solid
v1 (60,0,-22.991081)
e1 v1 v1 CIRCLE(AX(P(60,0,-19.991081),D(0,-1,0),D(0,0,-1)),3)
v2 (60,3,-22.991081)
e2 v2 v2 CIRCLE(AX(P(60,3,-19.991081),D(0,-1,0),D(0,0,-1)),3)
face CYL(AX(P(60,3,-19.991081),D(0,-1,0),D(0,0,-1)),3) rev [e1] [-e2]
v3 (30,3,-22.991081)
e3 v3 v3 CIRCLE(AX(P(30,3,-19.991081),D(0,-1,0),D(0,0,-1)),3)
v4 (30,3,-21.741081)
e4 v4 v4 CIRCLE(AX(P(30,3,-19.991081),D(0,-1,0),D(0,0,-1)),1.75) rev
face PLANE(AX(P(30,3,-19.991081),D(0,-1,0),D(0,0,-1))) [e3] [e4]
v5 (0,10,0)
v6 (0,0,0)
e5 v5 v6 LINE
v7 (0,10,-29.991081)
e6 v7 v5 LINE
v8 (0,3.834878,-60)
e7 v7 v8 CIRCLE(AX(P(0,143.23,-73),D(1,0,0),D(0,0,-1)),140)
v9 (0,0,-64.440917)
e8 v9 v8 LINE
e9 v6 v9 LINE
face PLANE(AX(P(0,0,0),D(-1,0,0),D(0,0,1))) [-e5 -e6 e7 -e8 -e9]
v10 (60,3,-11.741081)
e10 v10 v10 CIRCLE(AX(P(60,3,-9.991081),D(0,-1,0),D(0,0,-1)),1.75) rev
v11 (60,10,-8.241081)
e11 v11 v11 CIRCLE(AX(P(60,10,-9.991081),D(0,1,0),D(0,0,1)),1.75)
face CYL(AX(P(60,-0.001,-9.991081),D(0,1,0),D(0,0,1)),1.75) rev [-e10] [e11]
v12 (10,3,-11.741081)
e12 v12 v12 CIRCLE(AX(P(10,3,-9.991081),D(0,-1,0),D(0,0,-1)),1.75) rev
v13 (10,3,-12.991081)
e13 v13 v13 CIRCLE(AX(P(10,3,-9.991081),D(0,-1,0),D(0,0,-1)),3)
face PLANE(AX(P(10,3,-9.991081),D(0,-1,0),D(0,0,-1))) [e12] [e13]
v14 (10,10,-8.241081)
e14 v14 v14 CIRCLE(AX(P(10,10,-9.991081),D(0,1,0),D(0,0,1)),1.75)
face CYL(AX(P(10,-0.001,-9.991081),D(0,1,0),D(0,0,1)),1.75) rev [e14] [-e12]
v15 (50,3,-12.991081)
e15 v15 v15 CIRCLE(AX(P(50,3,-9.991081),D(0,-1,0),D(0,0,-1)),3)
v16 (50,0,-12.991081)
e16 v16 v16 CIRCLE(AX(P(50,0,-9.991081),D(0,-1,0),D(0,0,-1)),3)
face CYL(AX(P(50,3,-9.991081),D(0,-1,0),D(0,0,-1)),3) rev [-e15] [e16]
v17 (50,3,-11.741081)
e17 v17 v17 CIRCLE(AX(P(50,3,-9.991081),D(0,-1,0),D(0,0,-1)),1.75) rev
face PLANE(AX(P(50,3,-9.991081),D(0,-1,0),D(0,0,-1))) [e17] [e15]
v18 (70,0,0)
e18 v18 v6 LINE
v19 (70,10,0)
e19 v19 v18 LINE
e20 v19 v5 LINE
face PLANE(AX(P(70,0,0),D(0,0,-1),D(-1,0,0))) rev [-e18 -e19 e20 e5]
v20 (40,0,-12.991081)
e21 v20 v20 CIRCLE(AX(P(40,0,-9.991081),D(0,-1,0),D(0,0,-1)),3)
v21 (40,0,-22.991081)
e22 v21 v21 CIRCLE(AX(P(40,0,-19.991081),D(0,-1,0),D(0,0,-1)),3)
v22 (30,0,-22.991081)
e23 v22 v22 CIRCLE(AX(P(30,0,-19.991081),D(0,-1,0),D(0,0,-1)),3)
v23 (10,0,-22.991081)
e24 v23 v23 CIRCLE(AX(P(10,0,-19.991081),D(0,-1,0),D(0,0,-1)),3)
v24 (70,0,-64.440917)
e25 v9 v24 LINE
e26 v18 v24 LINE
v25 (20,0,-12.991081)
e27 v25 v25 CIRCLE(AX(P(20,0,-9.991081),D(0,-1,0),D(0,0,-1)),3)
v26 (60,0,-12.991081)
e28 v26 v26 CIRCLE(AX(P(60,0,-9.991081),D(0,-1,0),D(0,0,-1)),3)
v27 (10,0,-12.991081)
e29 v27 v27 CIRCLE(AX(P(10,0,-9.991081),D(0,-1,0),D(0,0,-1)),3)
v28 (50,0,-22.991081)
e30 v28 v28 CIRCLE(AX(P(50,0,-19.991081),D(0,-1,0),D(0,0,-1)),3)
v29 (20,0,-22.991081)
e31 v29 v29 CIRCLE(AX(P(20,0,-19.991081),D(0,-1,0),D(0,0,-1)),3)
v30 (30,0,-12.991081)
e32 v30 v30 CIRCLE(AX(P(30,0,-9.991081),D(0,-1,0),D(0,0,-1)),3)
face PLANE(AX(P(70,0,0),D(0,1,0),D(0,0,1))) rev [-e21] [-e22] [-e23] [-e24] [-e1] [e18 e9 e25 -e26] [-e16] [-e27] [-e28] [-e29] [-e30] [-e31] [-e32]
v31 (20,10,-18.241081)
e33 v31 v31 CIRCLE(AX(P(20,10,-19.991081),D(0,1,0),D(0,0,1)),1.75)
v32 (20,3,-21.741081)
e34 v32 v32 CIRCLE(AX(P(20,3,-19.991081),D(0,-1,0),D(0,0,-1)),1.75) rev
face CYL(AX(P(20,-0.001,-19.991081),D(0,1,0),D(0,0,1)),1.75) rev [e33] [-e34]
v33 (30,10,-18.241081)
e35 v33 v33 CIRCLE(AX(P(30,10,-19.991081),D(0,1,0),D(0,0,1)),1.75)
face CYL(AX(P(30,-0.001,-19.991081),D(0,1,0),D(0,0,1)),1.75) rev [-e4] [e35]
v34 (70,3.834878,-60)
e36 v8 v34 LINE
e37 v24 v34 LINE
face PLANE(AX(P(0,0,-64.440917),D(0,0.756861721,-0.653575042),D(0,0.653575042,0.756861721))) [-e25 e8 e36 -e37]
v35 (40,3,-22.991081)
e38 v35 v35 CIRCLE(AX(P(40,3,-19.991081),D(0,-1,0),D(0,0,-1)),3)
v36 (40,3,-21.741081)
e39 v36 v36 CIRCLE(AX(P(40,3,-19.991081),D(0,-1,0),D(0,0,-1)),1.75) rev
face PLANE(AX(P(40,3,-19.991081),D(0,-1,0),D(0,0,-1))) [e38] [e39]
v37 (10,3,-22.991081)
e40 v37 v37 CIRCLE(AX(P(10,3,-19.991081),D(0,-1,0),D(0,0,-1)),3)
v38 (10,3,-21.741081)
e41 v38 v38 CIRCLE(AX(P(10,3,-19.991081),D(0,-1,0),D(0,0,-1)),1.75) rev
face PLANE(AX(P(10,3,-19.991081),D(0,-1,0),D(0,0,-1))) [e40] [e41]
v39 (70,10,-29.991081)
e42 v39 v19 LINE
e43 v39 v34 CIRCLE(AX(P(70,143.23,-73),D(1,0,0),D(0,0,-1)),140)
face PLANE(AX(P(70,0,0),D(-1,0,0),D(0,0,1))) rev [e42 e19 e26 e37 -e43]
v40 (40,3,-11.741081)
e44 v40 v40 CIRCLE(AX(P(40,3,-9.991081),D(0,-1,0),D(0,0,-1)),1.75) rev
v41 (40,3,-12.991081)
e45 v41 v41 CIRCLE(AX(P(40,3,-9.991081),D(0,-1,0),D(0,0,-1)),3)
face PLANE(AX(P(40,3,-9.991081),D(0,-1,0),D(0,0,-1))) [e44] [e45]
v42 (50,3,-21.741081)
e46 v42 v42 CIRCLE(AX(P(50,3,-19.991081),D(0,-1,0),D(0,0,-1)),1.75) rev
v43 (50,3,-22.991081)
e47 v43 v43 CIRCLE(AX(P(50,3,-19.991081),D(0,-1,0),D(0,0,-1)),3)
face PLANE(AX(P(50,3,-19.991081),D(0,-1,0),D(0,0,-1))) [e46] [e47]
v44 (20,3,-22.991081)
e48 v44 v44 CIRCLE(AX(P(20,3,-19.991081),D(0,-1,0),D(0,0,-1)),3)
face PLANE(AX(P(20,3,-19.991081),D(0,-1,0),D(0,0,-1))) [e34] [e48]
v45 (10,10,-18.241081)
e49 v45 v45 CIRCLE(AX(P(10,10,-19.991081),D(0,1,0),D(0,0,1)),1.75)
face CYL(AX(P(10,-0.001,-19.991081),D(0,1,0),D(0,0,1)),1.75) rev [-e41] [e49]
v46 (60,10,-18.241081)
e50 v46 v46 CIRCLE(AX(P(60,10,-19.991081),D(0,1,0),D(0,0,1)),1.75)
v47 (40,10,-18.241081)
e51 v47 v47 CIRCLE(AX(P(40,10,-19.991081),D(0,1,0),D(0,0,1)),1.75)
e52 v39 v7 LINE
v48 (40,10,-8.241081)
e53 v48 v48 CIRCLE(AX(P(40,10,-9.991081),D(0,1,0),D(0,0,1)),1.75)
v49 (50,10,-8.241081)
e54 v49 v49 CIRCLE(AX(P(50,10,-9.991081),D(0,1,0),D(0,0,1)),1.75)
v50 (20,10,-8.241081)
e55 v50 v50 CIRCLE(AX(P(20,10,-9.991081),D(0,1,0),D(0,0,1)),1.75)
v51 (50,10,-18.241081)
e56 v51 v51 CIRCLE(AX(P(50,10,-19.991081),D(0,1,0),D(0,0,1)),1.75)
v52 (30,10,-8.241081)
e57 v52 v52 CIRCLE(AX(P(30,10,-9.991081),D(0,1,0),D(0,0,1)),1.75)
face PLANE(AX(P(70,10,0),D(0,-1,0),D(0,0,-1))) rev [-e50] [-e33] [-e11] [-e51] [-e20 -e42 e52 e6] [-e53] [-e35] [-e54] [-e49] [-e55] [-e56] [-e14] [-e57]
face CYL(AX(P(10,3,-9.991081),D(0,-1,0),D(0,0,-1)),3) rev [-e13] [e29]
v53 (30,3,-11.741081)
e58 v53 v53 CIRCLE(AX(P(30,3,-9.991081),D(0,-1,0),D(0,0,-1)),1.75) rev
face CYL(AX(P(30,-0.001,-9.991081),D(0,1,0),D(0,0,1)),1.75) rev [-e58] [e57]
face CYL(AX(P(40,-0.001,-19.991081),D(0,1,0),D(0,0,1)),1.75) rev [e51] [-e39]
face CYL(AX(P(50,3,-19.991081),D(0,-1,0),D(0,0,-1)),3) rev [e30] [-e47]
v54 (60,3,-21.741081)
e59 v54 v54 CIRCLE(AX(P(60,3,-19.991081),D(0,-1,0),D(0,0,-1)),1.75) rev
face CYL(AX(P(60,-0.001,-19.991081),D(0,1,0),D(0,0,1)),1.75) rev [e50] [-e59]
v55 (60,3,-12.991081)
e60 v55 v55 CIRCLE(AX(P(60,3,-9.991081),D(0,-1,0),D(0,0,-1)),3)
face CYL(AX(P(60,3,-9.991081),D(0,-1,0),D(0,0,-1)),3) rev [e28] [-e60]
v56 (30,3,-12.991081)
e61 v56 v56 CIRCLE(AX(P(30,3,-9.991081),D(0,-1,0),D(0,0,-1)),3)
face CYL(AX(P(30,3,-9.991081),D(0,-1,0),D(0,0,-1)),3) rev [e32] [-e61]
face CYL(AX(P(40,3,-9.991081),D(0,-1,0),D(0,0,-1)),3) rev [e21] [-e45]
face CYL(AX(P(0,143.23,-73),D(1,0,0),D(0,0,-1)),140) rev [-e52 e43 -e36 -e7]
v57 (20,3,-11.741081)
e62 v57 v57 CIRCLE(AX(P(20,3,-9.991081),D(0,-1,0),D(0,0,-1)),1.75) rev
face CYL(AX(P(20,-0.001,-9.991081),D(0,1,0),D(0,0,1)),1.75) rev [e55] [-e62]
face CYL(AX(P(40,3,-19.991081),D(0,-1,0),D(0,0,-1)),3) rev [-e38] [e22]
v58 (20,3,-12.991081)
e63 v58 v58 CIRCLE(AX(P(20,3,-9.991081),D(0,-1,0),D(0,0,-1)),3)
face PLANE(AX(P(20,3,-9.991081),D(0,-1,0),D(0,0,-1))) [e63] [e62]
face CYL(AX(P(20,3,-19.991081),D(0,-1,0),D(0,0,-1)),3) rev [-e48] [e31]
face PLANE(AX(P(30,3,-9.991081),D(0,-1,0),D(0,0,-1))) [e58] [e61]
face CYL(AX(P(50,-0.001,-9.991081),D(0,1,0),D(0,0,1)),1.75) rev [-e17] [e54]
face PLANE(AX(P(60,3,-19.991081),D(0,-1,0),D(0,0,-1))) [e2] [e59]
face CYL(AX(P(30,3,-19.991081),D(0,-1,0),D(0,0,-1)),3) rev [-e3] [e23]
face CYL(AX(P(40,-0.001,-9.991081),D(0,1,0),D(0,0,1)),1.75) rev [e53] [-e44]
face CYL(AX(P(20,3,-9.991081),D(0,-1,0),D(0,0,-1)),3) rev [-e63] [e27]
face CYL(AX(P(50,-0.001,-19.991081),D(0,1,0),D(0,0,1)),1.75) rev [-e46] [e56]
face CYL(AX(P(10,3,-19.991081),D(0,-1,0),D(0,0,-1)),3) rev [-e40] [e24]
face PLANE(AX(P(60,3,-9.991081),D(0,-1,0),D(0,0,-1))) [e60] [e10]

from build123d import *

# Parameters (mm, degrees)
SKETCH2_W           = 60
SKETCH2_H           = 10
BOSS_EXTRUDE1_DEPTH = 70
SKETCH3_R           = 140
CUT_EXTRUDE1_DEPTH  = 70
BOSS_EXTRUDE2_DEPTH = 70
CUT_EXTRUDE2_REACH  = 97.669
SKETCH6_R           = 1.75
SKETCH8_R           = 3
CUT_EXTRUDE3_DEPTH  = 3


with BuildPart() as part:
    # Sketch2 → Boss-Extrude1 (new body)
    with BuildSketch(Plane(origin=(0, 0, 0), x_dir=(0, 0, -1), z_dir=(1, 0, 0))):
        with Locations((30, 5)):
            Rectangle(SKETCH2_W, SKETCH2_H)
    extrude(amount=BOSS_EXTRUDE1_DEPTH)

    # Sketch3 → Cut-Extrude1 (cut)
    with BuildSketch(Plane(origin=(70, 0, 0), x_dir=(0, 0, -1), z_dir=(1, 0, 0))):
        with Locations((73, 143.23)):
            Circle(SKETCH3_R)
    extrude(amount=-CUT_EXTRUDE1_DEPTH, mode=Mode.SUBTRACT)

    # Sketch5 → Boss-Extrude2 (add)
    with BuildSketch(Plane(origin=(70, 0, 0), x_dir=(0, 0, -1), z_dir=(1, 0, 0))):
        Polygon((60, 0), (60, 3.834878134), (64.44091692, 0), align=None)
    extrude(amount=-BOSS_EXTRUDE2_DEPTH)

    # Sketch6 → Cut-Extrude2 (cut, up to next)
    with BuildSketch(Plane(origin=(0, 10, 0), x_dir=(1, 0, 0), z_dir=(0, 1, 0)), mode=Mode.PRIVATE) as cut_extrude2_sk1:
        with Locations(Location((60, 19.991081158, 0), (0, 0, 270))):
            Circle(SKETCH6_R)
    cut_extrude2_tool1 = extrude(cut_extrude2_sk1.sketch, amount=-CUT_EXTRUDE2_REACH, mode=Mode.PRIVATE) & part.part
    # Sketch6 → Cut-Extrude2 (cut, up to next)
    with BuildSketch(Plane(origin=(0, 10, 0), x_dir=(1, 0, 0), z_dir=(0, 1, 0)), mode=Mode.PRIVATE) as cut_extrude2_sk2:
        with Locations(Location((50, 19.991081158, 0), (0, 0, 270))):
            Circle(SKETCH6_R)
    cut_extrude2_tool2 = extrude(cut_extrude2_sk2.sketch, amount=-CUT_EXTRUDE2_REACH, mode=Mode.PRIVATE) & part.part
    # Sketch6 → Cut-Extrude2 (cut, up to next)
    with BuildSketch(Plane(origin=(0, 10, 0), x_dir=(1, 0, 0), z_dir=(0, 1, 0)), mode=Mode.PRIVATE) as cut_extrude2_sk3:
        with Locations(Location((40, 19.991081158, 0), (0, 0, 270))):
            Circle(SKETCH6_R)
    cut_extrude2_tool3 = extrude(cut_extrude2_sk3.sketch, amount=-CUT_EXTRUDE2_REACH, mode=Mode.PRIVATE) & part.part
    # Sketch6 → Cut-Extrude2 (cut, up to next)
    with BuildSketch(Plane(origin=(0, 10, 0), x_dir=(1, 0, 0), z_dir=(0, 1, 0)), mode=Mode.PRIVATE) as cut_extrude2_sk4:
        with Locations(Location((30, 19.991081158, 0), (0, 0, 270))):
            Circle(SKETCH6_R)
    cut_extrude2_tool4 = extrude(cut_extrude2_sk4.sketch, amount=-CUT_EXTRUDE2_REACH, mode=Mode.PRIVATE) & part.part
    # Sketch6 → Cut-Extrude2 (cut, up to next)
    with BuildSketch(Plane(origin=(0, 10, 0), x_dir=(1, 0, 0), z_dir=(0, 1, 0)), mode=Mode.PRIVATE) as cut_extrude2_sk5:
        with Locations(Location((20, 19.991081158, 0), (0, 0, 270))):
            Circle(SKETCH6_R)
    cut_extrude2_tool5 = extrude(cut_extrude2_sk5.sketch, amount=-CUT_EXTRUDE2_REACH, mode=Mode.PRIVATE) & part.part
    # Sketch6 → Cut-Extrude2 (cut, up to next)
    with BuildSketch(Plane(origin=(0, 10, 0), x_dir=(1, 0, 0), z_dir=(0, 1, 0)), mode=Mode.PRIVATE) as cut_extrude2_sk6:
        with Locations(Location((10, 19.991081158, 0), (0, 0, 270))):
            Circle(SKETCH6_R)
    cut_extrude2_tool6 = extrude(cut_extrude2_sk6.sketch, amount=-CUT_EXTRUDE2_REACH, mode=Mode.PRIVATE) & part.part
    # Sketch6 → Cut-Extrude2 (cut, up to next)
    with BuildSketch(Plane(origin=(0, 10, 0), x_dir=(1, 0, 0), z_dir=(0, 1, 0)), mode=Mode.PRIVATE) as cut_extrude2_sk7:
        with Locations(Location((10, 9.991081158, 0), (0, 0, 270))):
            Circle(SKETCH6_R)
    cut_extrude2_tool7 = extrude(cut_extrude2_sk7.sketch, amount=-CUT_EXTRUDE2_REACH, mode=Mode.PRIVATE) & part.part
    # Sketch6 → Cut-Extrude2 (cut, up to next)
    with BuildSketch(Plane(origin=(0, 10, 0), x_dir=(1, 0, 0), z_dir=(0, 1, 0)), mode=Mode.PRIVATE) as cut_extrude2_sk8:
        with Locations(Location((20, 9.991081158, 0), (0, 0, 270))):
            Circle(SKETCH6_R)
    cut_extrude2_tool8 = extrude(cut_extrude2_sk8.sketch, amount=-CUT_EXTRUDE2_REACH, mode=Mode.PRIVATE) & part.part
    # Sketch6 → Cut-Extrude2 (cut, up to next)
    with BuildSketch(Plane(origin=(0, 10, 0), x_dir=(1, 0, 0), z_dir=(0, 1, 0)), mode=Mode.PRIVATE) as cut_extrude2_sk9:
        with Locations(Location((30, 9.991081158, 0), (0, 0, 270))):
            Circle(SKETCH6_R)
    cut_extrude2_tool9 = extrude(cut_extrude2_sk9.sketch, amount=-CUT_EXTRUDE2_REACH, mode=Mode.PRIVATE) & part.part
    # Sketch6 → Cut-Extrude2 (cut, up to next)
    with BuildSketch(Plane(origin=(0, 10, 0), x_dir=(1, 0, 0), z_dir=(0, 1, 0)), mode=Mode.PRIVATE) as cut_extrude2_sk10:
        with Locations(Location((40, 9.991081158, 0), (0, 0, 270))):
            Circle(SKETCH6_R)
    cut_extrude2_tool10 = extrude(cut_extrude2_sk10.sketch, amount=-CUT_EXTRUDE2_REACH, mode=Mode.PRIVATE) & part.part
    # Sketch6 → Cut-Extrude2 (cut, up to next)
    with BuildSketch(Plane(origin=(0, 10, 0), x_dir=(1, 0, 0), z_dir=(0, 1, 0)), mode=Mode.PRIVATE) as cut_extrude2_sk11:
        with Locations(Location((50, 9.991081158, 0), (0, 0, 270))):
            Circle(SKETCH6_R)
    cut_extrude2_tool11 = extrude(cut_extrude2_sk11.sketch, amount=-CUT_EXTRUDE2_REACH, mode=Mode.PRIVATE) & part.part
    # Sketch6 → Cut-Extrude2 (cut, up to next)
    with BuildSketch(Plane(origin=(0, 10, 0), x_dir=(1, 0, 0), z_dir=(0, 1, 0)), mode=Mode.PRIVATE) as cut_extrude2_sk12:
        with Locations(Location((60, 9.991081158, 0), (0, 0, 270))):
            Circle(SKETCH6_R)
    cut_extrude2_tool12 = extrude(cut_extrude2_sk12.sketch, amount=-CUT_EXTRUDE2_REACH, mode=Mode.PRIVATE) & part.part
    add(cut_extrude2_tool1.solids().sort_by_distance((60, 10, -19.991081))[0], mode=Mode.SUBTRACT)
    add(cut_extrude2_tool2.solids().sort_by_distance((50, 10, -19.991081))[0], mode=Mode.SUBTRACT)
    add(cut_extrude2_tool3.solids().sort_by_distance((40, 10, -19.991081))[0], mode=Mode.SUBTRACT)
    add(cut_extrude2_tool4.solids().sort_by_distance((30, 10, -19.991081))[0], mode=Mode.SUBTRACT)
    add(cut_extrude2_tool5.solids().sort_by_distance((20, 10, -19.991081))[0], mode=Mode.SUBTRACT)
    add(cut_extrude2_tool6.solids().sort_by_distance((10, 10, -19.991081))[0], mode=Mode.SUBTRACT)
    add(cut_extrude2_tool7.solids().sort_by_distance((10, 10, -9.991081))[0], mode=Mode.SUBTRACT)
    add(cut_extrude2_tool8.solids().sort_by_distance((20, 10, -9.991081))[0], mode=Mode.SUBTRACT)
    add(cut_extrude2_tool9.solids().sort_by_distance((30, 10, -9.991081))[0], mode=Mode.SUBTRACT)
    add(cut_extrude2_tool10.solids().sort_by_distance((40, 10, -9.991081))[0], mode=Mode.SUBTRACT)
    add(cut_extrude2_tool11.solids().sort_by_distance((50, 10, -9.991081))[0], mode=Mode.SUBTRACT)
    add(cut_extrude2_tool12.solids().sort_by_distance((60, 10, -9.991081))[0], mode=Mode.SUBTRACT)

    # Sketch8 → Cut-Extrude3 (cut)
    with BuildSketch(Plane.XZ):
        with Locations(Location((10, -9.991081158, 0), (0, 0, 270))):
            Circle(SKETCH8_R)
        with Locations(Location((20, -9.991081158, 0), (0, 0, 270))):
            Circle(SKETCH8_R)
        with Locations(Location((30, -9.991081158, 0), (0, 0, 270))):
            Circle(SKETCH8_R)
        with Locations(Location((40, -9.991081158, 0), (0, 0, 270))):
            Circle(SKETCH8_R)
        with Locations(Location((50, -9.991081158, 0), (0, 0, 270))):
            Circle(SKETCH8_R)
        with Locations(Location((60, -9.991081158, 0), (0, 0, 270))):
            Circle(SKETCH8_R)
        with Locations(Location((20, -19.991081158, 0), (0, 0, 270))):
            Circle(SKETCH8_R)
        with Locations(Location((30, -19.991081158, 0), (0, 0, 270))):
            Circle(SKETCH8_R)
        with Locations(Location((40, -19.991081158, 0), (0, 0, 270))):
            Circle(SKETCH8_R)
        with Locations(Location((50, -19.991081158, 0), (0, 0, 270))):
            Circle(SKETCH8_R)
        with Locations(Location((60, -19.991081158, 0), (0, 0, 270))):
            Circle(SKETCH8_R)
        with Locations(Location((10, -19.991081158, 0), (0, 0, 270))):
            Circle(SKETCH8_R)
    extrude(amount=-CUT_EXTRUDE3_DEPTH, mode=Mode.SUBTRACT)


solid = part.part
